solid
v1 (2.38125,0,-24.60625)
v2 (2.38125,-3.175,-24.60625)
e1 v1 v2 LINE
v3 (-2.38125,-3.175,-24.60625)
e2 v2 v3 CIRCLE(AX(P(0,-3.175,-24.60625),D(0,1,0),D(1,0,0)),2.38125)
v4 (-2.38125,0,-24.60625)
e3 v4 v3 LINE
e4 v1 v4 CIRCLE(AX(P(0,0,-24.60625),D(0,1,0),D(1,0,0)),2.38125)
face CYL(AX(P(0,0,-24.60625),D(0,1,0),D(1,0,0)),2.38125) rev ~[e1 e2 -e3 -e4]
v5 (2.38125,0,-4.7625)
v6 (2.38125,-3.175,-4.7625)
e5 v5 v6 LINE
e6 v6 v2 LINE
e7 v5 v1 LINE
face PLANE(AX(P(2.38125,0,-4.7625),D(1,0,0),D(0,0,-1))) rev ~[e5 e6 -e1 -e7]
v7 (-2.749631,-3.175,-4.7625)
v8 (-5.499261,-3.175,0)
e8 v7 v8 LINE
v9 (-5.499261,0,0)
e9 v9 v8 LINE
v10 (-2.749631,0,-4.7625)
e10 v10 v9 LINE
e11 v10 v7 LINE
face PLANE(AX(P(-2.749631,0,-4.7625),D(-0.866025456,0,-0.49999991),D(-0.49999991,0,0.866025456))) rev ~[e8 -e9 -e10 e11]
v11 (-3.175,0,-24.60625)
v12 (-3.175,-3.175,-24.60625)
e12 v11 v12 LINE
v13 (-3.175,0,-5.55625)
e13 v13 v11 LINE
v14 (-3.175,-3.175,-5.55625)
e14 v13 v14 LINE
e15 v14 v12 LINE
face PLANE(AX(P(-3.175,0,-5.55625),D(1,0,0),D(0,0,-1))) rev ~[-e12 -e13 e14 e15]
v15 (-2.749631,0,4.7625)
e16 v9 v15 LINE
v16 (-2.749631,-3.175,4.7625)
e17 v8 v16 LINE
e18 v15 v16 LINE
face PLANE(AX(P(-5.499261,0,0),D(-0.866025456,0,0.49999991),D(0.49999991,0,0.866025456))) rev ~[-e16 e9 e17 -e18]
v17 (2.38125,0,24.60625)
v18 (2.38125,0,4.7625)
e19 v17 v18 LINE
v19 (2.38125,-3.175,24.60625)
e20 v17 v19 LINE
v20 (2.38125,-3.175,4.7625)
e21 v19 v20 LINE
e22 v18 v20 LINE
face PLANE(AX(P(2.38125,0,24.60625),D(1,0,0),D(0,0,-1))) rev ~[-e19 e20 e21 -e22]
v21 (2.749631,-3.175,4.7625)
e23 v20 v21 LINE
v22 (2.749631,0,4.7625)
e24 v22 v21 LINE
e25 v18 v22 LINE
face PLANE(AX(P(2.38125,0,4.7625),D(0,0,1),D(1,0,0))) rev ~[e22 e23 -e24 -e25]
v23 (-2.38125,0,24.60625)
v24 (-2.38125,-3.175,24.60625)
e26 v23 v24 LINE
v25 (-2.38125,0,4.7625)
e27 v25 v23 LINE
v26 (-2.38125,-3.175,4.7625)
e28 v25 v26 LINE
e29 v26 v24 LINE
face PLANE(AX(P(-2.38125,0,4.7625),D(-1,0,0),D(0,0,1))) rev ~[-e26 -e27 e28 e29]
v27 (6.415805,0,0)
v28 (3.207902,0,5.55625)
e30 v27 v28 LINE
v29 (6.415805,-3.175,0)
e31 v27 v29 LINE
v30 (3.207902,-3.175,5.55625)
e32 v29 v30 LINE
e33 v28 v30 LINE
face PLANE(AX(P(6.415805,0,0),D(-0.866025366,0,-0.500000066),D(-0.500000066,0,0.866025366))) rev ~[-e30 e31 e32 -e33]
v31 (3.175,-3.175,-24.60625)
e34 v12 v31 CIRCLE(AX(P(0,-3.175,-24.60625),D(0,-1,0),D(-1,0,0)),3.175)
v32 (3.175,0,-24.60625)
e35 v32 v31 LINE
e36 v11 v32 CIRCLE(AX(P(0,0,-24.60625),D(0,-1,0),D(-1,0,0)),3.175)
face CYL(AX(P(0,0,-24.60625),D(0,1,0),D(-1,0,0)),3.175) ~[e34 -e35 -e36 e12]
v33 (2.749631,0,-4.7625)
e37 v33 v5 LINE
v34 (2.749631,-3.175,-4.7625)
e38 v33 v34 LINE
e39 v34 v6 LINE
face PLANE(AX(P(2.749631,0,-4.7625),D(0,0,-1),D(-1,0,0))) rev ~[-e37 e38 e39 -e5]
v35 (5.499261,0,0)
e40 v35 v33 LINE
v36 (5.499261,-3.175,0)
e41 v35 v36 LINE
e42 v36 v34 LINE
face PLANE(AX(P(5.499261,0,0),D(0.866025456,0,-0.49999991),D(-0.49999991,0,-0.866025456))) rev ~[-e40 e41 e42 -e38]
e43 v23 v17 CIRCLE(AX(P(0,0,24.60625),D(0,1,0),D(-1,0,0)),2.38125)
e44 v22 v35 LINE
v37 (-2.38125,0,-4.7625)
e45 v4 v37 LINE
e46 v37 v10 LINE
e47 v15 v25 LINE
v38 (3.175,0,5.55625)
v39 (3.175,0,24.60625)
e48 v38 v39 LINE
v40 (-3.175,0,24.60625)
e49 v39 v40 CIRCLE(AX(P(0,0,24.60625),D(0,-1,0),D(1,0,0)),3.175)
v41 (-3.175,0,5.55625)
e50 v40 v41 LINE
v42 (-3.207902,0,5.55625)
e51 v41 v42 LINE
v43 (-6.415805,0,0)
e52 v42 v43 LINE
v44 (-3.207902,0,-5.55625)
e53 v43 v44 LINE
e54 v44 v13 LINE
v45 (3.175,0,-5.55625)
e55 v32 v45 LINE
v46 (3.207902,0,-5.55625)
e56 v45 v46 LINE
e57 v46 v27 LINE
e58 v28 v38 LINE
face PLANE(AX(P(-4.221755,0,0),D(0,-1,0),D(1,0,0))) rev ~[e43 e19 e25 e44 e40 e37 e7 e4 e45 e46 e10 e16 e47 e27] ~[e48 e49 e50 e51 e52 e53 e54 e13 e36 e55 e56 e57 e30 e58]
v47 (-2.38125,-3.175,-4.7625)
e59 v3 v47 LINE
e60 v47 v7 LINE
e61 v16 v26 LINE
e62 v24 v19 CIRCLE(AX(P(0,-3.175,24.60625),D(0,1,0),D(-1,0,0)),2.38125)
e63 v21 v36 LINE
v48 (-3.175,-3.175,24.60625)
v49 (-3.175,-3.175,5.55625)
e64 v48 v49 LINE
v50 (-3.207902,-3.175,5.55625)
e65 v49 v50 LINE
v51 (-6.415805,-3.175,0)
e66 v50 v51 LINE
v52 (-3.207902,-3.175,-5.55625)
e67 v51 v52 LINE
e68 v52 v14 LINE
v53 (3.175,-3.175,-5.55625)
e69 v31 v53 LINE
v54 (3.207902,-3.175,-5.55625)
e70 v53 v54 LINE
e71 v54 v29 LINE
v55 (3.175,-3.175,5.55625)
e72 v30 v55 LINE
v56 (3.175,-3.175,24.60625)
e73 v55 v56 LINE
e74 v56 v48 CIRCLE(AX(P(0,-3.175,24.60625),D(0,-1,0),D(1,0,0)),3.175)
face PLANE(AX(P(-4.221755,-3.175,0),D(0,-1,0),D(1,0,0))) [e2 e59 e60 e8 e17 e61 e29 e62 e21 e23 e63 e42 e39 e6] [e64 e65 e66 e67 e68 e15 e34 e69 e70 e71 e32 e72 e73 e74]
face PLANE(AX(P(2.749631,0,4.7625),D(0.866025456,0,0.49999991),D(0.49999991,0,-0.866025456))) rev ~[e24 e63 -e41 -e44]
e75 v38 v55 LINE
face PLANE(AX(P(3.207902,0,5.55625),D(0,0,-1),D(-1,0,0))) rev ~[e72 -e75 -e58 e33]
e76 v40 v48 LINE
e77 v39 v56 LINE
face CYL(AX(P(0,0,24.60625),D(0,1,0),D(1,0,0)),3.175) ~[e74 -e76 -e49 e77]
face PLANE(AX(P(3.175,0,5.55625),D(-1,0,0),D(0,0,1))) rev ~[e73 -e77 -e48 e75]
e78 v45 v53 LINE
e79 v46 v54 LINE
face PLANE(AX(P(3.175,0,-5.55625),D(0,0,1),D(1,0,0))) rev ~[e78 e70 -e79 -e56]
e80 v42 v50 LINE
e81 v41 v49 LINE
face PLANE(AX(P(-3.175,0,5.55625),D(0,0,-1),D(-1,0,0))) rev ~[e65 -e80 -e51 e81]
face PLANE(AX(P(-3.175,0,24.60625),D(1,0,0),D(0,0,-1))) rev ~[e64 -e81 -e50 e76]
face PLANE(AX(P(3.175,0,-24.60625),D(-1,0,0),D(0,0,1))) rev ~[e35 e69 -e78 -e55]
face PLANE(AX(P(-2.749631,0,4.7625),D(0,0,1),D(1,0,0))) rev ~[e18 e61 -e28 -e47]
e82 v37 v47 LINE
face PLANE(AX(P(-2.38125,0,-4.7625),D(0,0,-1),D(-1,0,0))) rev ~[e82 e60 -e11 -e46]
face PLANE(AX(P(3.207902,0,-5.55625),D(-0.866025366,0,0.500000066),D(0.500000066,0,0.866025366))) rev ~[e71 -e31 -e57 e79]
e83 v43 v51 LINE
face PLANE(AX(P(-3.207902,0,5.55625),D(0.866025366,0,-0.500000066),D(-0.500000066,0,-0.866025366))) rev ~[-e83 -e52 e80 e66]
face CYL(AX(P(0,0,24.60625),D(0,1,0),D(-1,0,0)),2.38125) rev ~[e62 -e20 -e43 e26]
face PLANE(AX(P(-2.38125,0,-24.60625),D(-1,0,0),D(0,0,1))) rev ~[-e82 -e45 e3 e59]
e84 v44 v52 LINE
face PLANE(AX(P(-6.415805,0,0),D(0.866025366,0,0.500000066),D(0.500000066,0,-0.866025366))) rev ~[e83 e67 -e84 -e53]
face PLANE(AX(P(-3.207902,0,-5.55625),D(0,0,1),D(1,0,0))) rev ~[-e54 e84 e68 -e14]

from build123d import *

# Parameters (mm, degrees)
F1_DEPTH = 3.175


with BuildPart() as f1:
    # F0 (on Front) → F1 (new body)
    with BuildSketch(Plane.XZ):
        Polygon((-2.38125, 4.7625), (-2.38125, 5.55625), (-3.175, 5.55625), (-3.207902, 5.55625), (-6.415805, 0), (-3.207902, -5.55625), (-3.175, -5.55625), (-2.38125, -5.55625), (-2.38125, -4.7625), (-2.749631, -4.7625), (-5.499261, 0), (-2.749631, 4.7625), align=None)
        Polygon((3.175, 5.55625), (2.38125, 5.55625), (2.38125, 4.7625), (2.749631, 4.7625), (5.499261, 0), (2.749631, -4.7625), (2.38125, -4.7625), (2.38125, -5.55625), (3.175, -5.55625), (3.207902, -5.55625), (6.415805, 0), (3.207902, 5.55625), align=None)
        with BuildLine():
            ThreePointArc((-2.38125, 24.60625), (0, 26.9875), (2.38125, 24.60625))
            Line((2.38125, 24.60625), (2.38125, 5.55625))
            Line((2.38125, 5.55625), (3.175, 5.55625))
            Line((3.175, 5.55625), (3.175, 24.60625))
            ThreePointArc((3.175, 24.60625), (0, 27.78125), (-3.175, 24.60625))
            Line((-3.175, 24.60625), (-3.175, 5.55625))
            Line((-3.175, 5.55625), (-2.38125, 5.55625))
            Line((-2.38125, 5.55625), (-2.38125, 24.60625))
        make_face()
        with BuildLine():
            Line((3.175, -24.60625), (3.175, -5.55625))
            Line((3.175, -5.55625), (2.38125, -5.55625))
            Line((2.38125, -5.55625), (2.38125, -24.60625))
            ThreePointArc((2.38125, -24.60625), (0, -26.9875), (-2.38125, -24.60625))
            Line((-2.38125, -24.60625), (-2.38125, -5.55625))
            Line((-2.38125, -5.55625), (-3.175, -5.55625))
            Line((-3.175, -5.55625), (-3.175, -24.60625))
            ThreePointArc((-3.175, -24.60625), (0, -27.78125), (3.175, -24.60625))
        make_face()
    extrude(amount=F1_DEPTH)


solid = f1.part
